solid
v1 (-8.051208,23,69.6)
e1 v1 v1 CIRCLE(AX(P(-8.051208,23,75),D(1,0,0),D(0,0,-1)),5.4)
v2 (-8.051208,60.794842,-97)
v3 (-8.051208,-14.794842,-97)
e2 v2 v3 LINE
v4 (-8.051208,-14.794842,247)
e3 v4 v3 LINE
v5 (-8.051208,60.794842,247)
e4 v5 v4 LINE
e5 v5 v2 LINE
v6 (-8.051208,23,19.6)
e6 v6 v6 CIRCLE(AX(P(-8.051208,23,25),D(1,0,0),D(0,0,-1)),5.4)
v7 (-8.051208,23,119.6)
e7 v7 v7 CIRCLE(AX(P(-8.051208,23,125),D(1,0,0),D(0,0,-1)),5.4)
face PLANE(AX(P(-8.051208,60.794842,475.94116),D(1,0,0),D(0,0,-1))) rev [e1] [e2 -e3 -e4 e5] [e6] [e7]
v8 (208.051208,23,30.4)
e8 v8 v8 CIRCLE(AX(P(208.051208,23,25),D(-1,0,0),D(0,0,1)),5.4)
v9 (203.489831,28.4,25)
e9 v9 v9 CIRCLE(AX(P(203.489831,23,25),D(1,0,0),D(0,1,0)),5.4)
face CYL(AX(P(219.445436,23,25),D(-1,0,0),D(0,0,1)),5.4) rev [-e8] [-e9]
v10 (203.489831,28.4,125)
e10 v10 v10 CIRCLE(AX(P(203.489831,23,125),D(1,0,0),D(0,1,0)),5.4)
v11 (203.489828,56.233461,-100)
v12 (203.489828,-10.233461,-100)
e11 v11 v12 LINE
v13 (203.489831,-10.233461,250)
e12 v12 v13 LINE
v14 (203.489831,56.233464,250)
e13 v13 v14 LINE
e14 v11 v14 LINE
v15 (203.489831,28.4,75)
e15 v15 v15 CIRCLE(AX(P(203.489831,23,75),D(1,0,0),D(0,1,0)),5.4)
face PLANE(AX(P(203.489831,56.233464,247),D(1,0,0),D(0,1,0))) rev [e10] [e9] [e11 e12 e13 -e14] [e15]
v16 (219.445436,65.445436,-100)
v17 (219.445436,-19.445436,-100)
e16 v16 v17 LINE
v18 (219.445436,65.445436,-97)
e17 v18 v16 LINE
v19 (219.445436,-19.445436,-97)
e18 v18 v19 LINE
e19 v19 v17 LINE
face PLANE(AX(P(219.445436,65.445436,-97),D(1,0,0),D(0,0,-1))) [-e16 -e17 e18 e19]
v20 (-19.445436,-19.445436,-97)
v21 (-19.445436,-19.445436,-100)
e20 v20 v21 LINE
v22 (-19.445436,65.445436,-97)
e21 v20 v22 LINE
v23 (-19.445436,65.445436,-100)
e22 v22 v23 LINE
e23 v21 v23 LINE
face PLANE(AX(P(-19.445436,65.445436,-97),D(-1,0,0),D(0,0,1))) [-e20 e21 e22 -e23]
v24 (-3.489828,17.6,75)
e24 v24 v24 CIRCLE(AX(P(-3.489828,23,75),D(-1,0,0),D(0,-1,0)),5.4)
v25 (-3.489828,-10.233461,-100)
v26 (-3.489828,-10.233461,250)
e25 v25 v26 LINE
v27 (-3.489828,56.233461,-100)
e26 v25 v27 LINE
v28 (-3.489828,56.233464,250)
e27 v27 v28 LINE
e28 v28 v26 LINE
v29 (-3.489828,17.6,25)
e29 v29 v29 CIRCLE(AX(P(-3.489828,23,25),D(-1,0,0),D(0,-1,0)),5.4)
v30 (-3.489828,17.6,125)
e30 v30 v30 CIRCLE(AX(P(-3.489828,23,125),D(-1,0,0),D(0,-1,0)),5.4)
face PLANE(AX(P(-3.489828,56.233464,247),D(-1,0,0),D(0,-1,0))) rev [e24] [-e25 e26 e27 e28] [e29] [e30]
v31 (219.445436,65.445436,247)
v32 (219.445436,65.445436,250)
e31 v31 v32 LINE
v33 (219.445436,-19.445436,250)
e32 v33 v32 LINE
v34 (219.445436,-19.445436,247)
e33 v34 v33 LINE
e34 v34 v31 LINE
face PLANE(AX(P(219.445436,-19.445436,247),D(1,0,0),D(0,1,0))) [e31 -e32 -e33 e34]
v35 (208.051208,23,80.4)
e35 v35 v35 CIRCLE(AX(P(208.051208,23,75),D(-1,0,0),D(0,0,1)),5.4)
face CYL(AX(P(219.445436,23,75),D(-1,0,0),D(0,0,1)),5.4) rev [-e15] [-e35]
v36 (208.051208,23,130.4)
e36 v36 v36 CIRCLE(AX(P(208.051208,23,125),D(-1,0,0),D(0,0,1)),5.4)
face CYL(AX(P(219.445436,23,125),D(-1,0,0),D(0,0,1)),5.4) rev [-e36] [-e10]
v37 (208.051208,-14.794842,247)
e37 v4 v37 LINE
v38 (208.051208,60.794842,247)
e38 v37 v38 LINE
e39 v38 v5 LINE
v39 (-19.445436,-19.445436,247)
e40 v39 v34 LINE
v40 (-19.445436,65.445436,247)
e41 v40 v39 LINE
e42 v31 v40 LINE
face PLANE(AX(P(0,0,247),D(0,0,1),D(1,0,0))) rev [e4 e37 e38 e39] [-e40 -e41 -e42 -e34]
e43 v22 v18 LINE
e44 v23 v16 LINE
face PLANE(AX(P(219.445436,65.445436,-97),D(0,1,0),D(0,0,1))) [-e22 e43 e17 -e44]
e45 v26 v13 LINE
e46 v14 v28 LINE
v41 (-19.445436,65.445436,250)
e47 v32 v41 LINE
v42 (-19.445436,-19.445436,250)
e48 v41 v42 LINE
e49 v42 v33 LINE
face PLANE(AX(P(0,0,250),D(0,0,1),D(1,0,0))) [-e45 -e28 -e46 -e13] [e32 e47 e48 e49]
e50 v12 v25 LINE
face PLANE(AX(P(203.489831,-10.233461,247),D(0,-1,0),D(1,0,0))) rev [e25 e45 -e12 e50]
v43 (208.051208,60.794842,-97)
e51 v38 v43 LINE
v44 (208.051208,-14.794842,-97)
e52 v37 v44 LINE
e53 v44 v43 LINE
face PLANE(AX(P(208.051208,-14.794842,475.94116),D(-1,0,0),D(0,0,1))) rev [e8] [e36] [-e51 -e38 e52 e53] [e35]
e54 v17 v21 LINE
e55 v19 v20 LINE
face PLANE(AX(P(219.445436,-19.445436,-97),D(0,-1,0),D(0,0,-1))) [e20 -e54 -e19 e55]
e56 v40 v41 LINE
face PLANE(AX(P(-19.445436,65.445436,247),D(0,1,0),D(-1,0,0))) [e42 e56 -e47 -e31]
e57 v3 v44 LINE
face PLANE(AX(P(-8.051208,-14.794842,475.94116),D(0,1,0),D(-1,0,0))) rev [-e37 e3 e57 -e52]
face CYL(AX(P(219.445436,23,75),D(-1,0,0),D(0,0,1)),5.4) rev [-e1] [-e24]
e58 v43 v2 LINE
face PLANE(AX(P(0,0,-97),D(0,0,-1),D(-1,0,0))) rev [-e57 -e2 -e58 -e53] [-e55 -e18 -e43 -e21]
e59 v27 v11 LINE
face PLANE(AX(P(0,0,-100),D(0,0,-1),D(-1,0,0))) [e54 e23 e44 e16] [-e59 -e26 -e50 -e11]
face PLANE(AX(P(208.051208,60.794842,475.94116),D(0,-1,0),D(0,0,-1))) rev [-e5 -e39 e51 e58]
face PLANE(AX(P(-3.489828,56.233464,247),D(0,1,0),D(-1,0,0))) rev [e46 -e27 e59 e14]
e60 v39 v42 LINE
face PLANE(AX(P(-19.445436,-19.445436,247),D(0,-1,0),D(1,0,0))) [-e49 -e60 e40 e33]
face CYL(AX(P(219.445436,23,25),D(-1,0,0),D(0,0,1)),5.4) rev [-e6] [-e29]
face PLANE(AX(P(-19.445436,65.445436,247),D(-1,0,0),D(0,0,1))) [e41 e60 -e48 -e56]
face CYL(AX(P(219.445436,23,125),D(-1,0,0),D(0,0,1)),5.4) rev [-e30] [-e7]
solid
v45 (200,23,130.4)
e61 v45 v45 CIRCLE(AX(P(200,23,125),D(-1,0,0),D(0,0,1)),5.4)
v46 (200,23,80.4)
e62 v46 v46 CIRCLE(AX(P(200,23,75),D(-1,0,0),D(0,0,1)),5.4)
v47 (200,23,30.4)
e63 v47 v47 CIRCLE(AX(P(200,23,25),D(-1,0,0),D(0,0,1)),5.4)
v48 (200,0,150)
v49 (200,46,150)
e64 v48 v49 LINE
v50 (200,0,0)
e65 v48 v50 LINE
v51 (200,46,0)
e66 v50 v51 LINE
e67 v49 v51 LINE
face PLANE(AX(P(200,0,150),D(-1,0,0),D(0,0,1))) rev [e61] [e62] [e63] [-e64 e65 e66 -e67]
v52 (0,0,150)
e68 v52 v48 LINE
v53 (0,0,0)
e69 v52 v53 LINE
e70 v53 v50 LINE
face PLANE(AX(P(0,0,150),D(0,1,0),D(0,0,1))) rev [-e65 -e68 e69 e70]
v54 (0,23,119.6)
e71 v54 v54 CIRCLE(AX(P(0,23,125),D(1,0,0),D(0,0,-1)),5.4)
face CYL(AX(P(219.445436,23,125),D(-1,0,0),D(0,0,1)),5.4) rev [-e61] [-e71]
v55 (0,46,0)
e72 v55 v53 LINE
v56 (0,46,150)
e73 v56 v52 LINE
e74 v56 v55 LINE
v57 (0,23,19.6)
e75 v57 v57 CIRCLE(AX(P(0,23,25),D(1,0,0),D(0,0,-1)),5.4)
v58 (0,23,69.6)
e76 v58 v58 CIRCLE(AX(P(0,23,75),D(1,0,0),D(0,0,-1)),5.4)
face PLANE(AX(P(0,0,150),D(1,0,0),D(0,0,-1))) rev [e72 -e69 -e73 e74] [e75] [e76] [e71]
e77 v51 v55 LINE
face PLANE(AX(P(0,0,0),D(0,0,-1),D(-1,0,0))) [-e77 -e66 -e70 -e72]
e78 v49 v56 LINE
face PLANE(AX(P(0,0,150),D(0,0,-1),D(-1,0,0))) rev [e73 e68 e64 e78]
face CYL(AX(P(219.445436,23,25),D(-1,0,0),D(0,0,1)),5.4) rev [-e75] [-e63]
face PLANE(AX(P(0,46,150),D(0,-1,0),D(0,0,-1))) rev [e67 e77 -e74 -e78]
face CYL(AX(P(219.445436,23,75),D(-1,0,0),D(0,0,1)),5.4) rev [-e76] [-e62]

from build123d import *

# Parameters (mm, degrees)
SKETCH4_W               = 200
SKETCH4_H               = 46
BOSS_EXTRUDE3_DEPTH     = 150
SKETCH6_W               = 238.890872966
SKETCH6_H               = 84.890872966
BOSS_EXTRUDE5_DEPTH     = 3
SKETCH7_W               = 206.979658591
SKETCH7_H               = 66.466925353
CUT_EXTRUDE1_DEPTH      = 3
SKETCH8_W               = 238.890872966
SKETCH8_H               = 84.890872966
BOSS_EXTRUDE6_DEPTH     = 3
SKETCH9_W               = 206.97965549
SKETCH9_H               = 66.466922966
CUT_EXTRUDE2_DEPTH      = 3
SKETCH10_W              = 216.1024165
SKETCH10_H              = 75.589683976
SKETCH10_W_2            = 206.97965549
SKETCH10_H_2            = 66.466922966
BOSS_EXTRUDE7_DEPTH     = 344
CUT_EXTRUDE4_DEPTH      = 345.293230431
CUT_EXTRUDE4_DEPTH_BACK = 345.293230431
SKETCH14_R              = 5.4


with BuildPart() as part:
    # Sketch4 → Boss-Extrude3 (new body)
    with BuildSketch(Plane.XY):
        with Locations((100, 23)):
            Rectangle(SKETCH4_W, SKETCH4_H)
    extrude(amount=BOSS_EXTRUDE3_DEPTH)


with BuildPart() as body_2:
    # Sketch6 → Boss-Extrude5 (new body)
    with BuildSketch(Plane.XY.offset(250)):
        with Locations((100, 23)):
            Rectangle(SKETCH6_W, SKETCH6_H)
    extrude(amount=-BOSS_EXTRUDE5_DEPTH)

    # Sketch7 → Cut-Extrude1 (cut)
    with BuildSketch(Plane.XY.offset(250)):
        with Locations((100.000001551, 23.000001194)):
            Rectangle(SKETCH7_W, SKETCH7_H)
    extrude(amount=-CUT_EXTRUDE1_DEPTH, mode=Mode.SUBTRACT)



with BuildPart() as body_3:
    # Sketch8 → Boss-Extrude6 (new body)
    with BuildSketch(Plane(origin=(0, 0, -100), x_dir=(-1, 0, 0), z_dir=(0, 0, -1))):
        with Locations((-100, 23)):
            Rectangle(SKETCH8_W, SKETCH8_H)
    extrude(amount=-BOSS_EXTRUDE6_DEPTH)

    # Sketch9 → Cut-Extrude2 (cut)
    with BuildSketch(Plane(origin=(0, 0, -100), x_dir=(-1, 0, 0), z_dir=(0, 0, -1))):
        with Locations((-100, 23)):
            Rectangle(SKETCH9_W, SKETCH9_H)
    extrude(amount=-CUT_EXTRUDE2_DEPTH, mode=Mode.SUBTRACT)


with BuildPart() as body_2_1:
    add(body_2.part)

    add(body_3.part)  # Boss-Extrude7 merges body 3
    # Sketch10 → Boss-Extrude7 (add)
    with BuildSketch(Plane.XY.offset(-97)):
        with Locations((100, 23)):
            Rectangle(SKETCH10_W, SKETCH10_H)
        with Locations((100, 23)):
            Rectangle(SKETCH10_W_2, SKETCH10_H_2, mode=Mode.SUBTRACT)
    extrude(amount=BOSS_EXTRUDE7_DEPTH)


with BuildPart() as cut_extrude4_tool:
    # Sketch14 → Cut-Extrude4 (new, two sides: drawn at the far end of the back side and taken through both)
    with BuildSketch(Plane.ZY.offset(8.05120825).offset(-CUT_EXTRUDE4_DEPTH_BACK)):
        with Locations(Location((75, 23, 0), (0, 0, 270))):
            Circle(SKETCH14_R)
        with Locations(Location((125, 23, 0), (0, 0, 270))):
            Circle(SKETCH14_R)
        with Locations(Location((25, 23, 0), (0, 0, 270))):
            Circle(SKETCH14_R)
    extrude(amount=CUT_EXTRUDE4_DEPTH + CUT_EXTRUDE4_DEPTH_BACK)


with BuildPart() as part_1:
    add(part.part)

    # Cut-Extrude4: cut by cut_extrude4_tool
    add(cut_extrude4_tool.part, mode=Mode.SUBTRACT)


with BuildPart() as body_2_2:
    add(body_2_1.part)

    # Cut-Extrude4: cut by cut_extrude4_tool
    add(cut_extrude4_tool.part, mode=Mode.SUBTRACT)


solid = Compound([part_1.part, body_2_2.part])
